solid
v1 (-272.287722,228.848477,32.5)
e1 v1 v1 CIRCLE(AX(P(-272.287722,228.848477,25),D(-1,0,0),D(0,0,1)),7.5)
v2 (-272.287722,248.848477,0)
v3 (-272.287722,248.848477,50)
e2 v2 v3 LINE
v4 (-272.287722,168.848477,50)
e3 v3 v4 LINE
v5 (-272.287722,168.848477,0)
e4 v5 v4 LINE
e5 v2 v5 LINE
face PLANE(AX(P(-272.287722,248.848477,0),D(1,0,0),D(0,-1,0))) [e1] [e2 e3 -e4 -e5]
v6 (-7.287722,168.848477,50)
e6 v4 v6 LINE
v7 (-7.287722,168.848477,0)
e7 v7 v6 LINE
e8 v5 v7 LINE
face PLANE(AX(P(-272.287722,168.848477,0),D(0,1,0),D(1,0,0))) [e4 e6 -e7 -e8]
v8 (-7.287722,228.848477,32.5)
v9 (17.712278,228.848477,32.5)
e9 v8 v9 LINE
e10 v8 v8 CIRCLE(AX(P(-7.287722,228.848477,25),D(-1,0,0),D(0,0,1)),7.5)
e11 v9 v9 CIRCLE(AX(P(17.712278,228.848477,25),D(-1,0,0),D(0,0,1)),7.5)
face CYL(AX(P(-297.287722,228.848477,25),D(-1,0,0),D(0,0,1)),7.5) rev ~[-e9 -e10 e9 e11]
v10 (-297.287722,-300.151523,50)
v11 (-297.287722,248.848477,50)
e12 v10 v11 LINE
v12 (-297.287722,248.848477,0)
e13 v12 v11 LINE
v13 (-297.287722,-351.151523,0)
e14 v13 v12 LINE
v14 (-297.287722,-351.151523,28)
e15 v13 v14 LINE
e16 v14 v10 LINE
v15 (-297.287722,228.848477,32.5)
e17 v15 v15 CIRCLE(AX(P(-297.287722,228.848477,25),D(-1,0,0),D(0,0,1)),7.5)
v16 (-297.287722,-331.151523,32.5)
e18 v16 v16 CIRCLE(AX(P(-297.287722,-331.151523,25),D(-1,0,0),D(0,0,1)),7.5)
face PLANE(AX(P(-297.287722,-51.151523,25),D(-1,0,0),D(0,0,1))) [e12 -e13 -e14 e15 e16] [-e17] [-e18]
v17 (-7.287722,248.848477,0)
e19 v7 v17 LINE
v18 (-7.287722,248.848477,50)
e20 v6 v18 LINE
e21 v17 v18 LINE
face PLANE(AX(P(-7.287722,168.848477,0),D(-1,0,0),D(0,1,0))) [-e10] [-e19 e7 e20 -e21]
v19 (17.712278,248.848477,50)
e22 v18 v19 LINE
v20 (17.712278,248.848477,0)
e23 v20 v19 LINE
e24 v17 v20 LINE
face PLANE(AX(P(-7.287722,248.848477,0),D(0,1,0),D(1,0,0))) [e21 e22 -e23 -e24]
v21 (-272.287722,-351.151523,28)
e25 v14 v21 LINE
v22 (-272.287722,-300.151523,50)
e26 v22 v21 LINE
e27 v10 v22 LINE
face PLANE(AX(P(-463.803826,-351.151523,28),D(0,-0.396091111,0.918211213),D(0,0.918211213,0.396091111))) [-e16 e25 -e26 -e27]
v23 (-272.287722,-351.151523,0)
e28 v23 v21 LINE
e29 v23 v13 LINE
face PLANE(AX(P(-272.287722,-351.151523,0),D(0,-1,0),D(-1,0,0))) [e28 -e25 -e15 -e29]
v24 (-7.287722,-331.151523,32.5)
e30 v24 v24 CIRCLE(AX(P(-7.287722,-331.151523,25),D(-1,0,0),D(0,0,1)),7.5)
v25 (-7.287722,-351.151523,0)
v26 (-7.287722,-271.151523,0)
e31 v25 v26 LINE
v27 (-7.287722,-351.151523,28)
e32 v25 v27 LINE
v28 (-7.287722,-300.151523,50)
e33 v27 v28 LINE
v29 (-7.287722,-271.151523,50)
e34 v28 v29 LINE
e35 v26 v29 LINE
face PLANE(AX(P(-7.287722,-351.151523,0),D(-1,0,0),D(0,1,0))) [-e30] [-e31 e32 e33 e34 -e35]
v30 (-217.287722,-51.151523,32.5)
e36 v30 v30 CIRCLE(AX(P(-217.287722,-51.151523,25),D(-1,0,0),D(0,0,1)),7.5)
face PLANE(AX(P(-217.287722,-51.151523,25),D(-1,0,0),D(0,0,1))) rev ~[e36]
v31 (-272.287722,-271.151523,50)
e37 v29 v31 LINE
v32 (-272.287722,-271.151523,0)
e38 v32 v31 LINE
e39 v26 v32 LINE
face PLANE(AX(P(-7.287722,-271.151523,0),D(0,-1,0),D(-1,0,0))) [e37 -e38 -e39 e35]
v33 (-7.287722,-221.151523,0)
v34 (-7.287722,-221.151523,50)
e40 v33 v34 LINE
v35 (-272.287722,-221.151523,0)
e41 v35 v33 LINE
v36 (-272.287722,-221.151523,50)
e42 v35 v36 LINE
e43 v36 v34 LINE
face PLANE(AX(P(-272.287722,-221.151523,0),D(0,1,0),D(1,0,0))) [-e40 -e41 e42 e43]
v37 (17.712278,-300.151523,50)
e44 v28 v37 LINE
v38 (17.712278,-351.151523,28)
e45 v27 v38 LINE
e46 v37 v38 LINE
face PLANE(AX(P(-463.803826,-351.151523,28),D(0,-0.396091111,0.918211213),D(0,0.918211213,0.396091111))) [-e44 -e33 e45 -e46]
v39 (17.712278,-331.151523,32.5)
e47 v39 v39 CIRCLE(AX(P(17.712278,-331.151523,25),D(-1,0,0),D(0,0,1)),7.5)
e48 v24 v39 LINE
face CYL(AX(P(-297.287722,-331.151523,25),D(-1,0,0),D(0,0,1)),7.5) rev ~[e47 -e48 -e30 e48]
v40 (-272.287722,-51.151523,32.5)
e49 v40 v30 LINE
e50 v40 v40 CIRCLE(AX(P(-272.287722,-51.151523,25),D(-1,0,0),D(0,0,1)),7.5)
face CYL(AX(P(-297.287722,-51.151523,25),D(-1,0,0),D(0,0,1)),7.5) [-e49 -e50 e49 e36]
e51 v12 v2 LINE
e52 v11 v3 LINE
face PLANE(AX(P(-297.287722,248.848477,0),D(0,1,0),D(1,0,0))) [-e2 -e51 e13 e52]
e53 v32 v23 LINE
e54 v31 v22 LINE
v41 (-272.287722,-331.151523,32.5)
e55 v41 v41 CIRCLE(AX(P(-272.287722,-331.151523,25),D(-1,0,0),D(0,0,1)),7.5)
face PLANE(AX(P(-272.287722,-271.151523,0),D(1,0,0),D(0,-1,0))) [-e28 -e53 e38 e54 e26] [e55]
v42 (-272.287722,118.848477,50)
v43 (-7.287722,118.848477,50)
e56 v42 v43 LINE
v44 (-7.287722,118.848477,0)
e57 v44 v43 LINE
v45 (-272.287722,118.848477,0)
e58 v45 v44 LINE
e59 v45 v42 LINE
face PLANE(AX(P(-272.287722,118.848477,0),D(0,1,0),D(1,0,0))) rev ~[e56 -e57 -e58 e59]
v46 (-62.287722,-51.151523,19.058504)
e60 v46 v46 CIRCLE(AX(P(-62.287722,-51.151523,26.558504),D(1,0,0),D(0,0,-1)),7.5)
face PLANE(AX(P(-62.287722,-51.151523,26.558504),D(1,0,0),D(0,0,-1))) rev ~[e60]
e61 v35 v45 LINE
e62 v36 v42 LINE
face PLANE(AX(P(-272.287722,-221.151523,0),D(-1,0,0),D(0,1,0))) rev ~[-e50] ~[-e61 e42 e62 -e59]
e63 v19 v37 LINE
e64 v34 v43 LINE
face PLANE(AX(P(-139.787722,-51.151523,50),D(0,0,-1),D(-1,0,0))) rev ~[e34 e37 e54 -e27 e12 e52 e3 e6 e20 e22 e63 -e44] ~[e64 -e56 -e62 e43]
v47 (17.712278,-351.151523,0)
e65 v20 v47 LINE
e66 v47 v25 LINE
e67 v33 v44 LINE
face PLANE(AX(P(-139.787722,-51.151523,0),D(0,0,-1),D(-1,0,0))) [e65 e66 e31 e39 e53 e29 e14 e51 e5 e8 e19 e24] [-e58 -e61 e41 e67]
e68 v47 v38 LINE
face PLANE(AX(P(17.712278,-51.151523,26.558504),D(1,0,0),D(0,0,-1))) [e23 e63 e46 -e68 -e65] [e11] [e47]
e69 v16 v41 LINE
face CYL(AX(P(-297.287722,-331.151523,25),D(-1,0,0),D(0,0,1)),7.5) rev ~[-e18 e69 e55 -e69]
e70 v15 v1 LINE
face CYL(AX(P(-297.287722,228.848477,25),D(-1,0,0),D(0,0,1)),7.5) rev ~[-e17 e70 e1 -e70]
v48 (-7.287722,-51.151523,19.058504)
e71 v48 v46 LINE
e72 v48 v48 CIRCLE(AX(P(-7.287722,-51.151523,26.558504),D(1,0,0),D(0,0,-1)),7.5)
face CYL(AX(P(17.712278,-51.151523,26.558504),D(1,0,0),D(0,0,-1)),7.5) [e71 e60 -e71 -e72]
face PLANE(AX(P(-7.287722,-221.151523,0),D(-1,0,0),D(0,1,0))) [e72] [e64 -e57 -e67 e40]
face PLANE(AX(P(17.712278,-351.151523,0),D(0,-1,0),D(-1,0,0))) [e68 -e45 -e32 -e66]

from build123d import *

# Parameters (mm, degrees)
SKETCH1_W               = 265
SKETCH1_H               = 340
BOSS_EXTRUDE1_DEPTH     = 50
SKETCH2_R               = 7.5
BOSS_EXTRUDE2_DEPTH     = 80
SKETCH7_R               = 7.5
BOSS_EXTRUDE3_DEPTH     = 80
SKETCH8_R               = 7.5
CUT_EXTRUDE1_DEPTH      = 410
SKETCH9_R               = 7.5
CUT_EXTRUDE2_DEPTH      = 410
CUT_EXTRUDE4_DEPTH      = 463.803826299
CUT_EXTRUDE4_DEPTH_BACK = 463.803826299


with BuildPart() as part:
    # Sketch1 → Boss-Extrude1 (new body)
    with BuildSketch(Plane.XY):
        Polygon((-7.287721529, 248.848476773), (17.712278471, 248.848476773), (17.712278471, -351.151523227), (-7.287721529, -351.151523227), (-7.287721529, -271.151523227), (-272.287721529, -271.151523227), (-272.287721529, -351.151523227), (-297.287721529, -351.151523227), (-297.287721529, 248.848476773), (-272.287721529, 248.848476773), (-272.287721529, 168.848476773), (-7.287721529, 168.848476773), align=None)
        with Locations((-139.787721529, -51.151523227)):
            Rectangle(SKETCH1_W, SKETCH1_H, mode=Mode.SUBTRACT)
    extrude(amount=BOSS_EXTRUDE1_DEPTH)

    # Sketch2 → Boss-Extrude2 (add)
    with BuildSketch(Plane(origin=(17.712278471, 0, 0), x_dir=(0, 0, -1), z_dir=(1, 0, 0))):
        with Locations((-26.558504248, -51.151523227)):
            Circle(SKETCH2_R)
    extrude(amount=-BOSS_EXTRUDE2_DEPTH)

    # Sketch7 → Boss-Extrude3 (add)
    with BuildSketch(Plane.ZY.offset(297.287721529)):
        with Locations((25, -51.151523227)):
            Circle(SKETCH7_R)
    extrude(amount=-BOSS_EXTRUDE3_DEPTH)

    # Sketch8 → Cut-Extrude1 (cut)
    with BuildSketch(Plane.ZY.offset(297.287721529)):
        with Locations((25, -331.151523227)):
            Circle(SKETCH8_R)
    extrude(amount=-CUT_EXTRUDE1_DEPTH, mode=Mode.SUBTRACT)

    # Sketch9 → Cut-Extrude2 (cut)
    with BuildSketch(Plane.ZY.offset(297.287721529)):
        with Locations((25, 228.848476773)):
            Circle(SKETCH9_R)
    extrude(amount=-CUT_EXTRUDE2_DEPTH, mode=Mode.SUBTRACT)

    # Sketch11 → Cut-Extrude4 (cut, two sides: drawn at the far end of the back side and taken through both)
    with BuildSketch(Plane(origin=(0, 0, 0), x_dir=(0, 0, -1), z_dir=(1, 0, 0)).offset(-CUT_EXTRUDE4_DEPTH_BACK)):
        Polygon((-50, -351.151523227), (-28, -351.151523227), (-50, -300.151523227), align=None)
    extrude(amount=CUT_EXTRUDE4_DEPTH + CUT_EXTRUDE4_DEPTH_BACK, mode=Mode.SUBTRACT)


solid = part.part
